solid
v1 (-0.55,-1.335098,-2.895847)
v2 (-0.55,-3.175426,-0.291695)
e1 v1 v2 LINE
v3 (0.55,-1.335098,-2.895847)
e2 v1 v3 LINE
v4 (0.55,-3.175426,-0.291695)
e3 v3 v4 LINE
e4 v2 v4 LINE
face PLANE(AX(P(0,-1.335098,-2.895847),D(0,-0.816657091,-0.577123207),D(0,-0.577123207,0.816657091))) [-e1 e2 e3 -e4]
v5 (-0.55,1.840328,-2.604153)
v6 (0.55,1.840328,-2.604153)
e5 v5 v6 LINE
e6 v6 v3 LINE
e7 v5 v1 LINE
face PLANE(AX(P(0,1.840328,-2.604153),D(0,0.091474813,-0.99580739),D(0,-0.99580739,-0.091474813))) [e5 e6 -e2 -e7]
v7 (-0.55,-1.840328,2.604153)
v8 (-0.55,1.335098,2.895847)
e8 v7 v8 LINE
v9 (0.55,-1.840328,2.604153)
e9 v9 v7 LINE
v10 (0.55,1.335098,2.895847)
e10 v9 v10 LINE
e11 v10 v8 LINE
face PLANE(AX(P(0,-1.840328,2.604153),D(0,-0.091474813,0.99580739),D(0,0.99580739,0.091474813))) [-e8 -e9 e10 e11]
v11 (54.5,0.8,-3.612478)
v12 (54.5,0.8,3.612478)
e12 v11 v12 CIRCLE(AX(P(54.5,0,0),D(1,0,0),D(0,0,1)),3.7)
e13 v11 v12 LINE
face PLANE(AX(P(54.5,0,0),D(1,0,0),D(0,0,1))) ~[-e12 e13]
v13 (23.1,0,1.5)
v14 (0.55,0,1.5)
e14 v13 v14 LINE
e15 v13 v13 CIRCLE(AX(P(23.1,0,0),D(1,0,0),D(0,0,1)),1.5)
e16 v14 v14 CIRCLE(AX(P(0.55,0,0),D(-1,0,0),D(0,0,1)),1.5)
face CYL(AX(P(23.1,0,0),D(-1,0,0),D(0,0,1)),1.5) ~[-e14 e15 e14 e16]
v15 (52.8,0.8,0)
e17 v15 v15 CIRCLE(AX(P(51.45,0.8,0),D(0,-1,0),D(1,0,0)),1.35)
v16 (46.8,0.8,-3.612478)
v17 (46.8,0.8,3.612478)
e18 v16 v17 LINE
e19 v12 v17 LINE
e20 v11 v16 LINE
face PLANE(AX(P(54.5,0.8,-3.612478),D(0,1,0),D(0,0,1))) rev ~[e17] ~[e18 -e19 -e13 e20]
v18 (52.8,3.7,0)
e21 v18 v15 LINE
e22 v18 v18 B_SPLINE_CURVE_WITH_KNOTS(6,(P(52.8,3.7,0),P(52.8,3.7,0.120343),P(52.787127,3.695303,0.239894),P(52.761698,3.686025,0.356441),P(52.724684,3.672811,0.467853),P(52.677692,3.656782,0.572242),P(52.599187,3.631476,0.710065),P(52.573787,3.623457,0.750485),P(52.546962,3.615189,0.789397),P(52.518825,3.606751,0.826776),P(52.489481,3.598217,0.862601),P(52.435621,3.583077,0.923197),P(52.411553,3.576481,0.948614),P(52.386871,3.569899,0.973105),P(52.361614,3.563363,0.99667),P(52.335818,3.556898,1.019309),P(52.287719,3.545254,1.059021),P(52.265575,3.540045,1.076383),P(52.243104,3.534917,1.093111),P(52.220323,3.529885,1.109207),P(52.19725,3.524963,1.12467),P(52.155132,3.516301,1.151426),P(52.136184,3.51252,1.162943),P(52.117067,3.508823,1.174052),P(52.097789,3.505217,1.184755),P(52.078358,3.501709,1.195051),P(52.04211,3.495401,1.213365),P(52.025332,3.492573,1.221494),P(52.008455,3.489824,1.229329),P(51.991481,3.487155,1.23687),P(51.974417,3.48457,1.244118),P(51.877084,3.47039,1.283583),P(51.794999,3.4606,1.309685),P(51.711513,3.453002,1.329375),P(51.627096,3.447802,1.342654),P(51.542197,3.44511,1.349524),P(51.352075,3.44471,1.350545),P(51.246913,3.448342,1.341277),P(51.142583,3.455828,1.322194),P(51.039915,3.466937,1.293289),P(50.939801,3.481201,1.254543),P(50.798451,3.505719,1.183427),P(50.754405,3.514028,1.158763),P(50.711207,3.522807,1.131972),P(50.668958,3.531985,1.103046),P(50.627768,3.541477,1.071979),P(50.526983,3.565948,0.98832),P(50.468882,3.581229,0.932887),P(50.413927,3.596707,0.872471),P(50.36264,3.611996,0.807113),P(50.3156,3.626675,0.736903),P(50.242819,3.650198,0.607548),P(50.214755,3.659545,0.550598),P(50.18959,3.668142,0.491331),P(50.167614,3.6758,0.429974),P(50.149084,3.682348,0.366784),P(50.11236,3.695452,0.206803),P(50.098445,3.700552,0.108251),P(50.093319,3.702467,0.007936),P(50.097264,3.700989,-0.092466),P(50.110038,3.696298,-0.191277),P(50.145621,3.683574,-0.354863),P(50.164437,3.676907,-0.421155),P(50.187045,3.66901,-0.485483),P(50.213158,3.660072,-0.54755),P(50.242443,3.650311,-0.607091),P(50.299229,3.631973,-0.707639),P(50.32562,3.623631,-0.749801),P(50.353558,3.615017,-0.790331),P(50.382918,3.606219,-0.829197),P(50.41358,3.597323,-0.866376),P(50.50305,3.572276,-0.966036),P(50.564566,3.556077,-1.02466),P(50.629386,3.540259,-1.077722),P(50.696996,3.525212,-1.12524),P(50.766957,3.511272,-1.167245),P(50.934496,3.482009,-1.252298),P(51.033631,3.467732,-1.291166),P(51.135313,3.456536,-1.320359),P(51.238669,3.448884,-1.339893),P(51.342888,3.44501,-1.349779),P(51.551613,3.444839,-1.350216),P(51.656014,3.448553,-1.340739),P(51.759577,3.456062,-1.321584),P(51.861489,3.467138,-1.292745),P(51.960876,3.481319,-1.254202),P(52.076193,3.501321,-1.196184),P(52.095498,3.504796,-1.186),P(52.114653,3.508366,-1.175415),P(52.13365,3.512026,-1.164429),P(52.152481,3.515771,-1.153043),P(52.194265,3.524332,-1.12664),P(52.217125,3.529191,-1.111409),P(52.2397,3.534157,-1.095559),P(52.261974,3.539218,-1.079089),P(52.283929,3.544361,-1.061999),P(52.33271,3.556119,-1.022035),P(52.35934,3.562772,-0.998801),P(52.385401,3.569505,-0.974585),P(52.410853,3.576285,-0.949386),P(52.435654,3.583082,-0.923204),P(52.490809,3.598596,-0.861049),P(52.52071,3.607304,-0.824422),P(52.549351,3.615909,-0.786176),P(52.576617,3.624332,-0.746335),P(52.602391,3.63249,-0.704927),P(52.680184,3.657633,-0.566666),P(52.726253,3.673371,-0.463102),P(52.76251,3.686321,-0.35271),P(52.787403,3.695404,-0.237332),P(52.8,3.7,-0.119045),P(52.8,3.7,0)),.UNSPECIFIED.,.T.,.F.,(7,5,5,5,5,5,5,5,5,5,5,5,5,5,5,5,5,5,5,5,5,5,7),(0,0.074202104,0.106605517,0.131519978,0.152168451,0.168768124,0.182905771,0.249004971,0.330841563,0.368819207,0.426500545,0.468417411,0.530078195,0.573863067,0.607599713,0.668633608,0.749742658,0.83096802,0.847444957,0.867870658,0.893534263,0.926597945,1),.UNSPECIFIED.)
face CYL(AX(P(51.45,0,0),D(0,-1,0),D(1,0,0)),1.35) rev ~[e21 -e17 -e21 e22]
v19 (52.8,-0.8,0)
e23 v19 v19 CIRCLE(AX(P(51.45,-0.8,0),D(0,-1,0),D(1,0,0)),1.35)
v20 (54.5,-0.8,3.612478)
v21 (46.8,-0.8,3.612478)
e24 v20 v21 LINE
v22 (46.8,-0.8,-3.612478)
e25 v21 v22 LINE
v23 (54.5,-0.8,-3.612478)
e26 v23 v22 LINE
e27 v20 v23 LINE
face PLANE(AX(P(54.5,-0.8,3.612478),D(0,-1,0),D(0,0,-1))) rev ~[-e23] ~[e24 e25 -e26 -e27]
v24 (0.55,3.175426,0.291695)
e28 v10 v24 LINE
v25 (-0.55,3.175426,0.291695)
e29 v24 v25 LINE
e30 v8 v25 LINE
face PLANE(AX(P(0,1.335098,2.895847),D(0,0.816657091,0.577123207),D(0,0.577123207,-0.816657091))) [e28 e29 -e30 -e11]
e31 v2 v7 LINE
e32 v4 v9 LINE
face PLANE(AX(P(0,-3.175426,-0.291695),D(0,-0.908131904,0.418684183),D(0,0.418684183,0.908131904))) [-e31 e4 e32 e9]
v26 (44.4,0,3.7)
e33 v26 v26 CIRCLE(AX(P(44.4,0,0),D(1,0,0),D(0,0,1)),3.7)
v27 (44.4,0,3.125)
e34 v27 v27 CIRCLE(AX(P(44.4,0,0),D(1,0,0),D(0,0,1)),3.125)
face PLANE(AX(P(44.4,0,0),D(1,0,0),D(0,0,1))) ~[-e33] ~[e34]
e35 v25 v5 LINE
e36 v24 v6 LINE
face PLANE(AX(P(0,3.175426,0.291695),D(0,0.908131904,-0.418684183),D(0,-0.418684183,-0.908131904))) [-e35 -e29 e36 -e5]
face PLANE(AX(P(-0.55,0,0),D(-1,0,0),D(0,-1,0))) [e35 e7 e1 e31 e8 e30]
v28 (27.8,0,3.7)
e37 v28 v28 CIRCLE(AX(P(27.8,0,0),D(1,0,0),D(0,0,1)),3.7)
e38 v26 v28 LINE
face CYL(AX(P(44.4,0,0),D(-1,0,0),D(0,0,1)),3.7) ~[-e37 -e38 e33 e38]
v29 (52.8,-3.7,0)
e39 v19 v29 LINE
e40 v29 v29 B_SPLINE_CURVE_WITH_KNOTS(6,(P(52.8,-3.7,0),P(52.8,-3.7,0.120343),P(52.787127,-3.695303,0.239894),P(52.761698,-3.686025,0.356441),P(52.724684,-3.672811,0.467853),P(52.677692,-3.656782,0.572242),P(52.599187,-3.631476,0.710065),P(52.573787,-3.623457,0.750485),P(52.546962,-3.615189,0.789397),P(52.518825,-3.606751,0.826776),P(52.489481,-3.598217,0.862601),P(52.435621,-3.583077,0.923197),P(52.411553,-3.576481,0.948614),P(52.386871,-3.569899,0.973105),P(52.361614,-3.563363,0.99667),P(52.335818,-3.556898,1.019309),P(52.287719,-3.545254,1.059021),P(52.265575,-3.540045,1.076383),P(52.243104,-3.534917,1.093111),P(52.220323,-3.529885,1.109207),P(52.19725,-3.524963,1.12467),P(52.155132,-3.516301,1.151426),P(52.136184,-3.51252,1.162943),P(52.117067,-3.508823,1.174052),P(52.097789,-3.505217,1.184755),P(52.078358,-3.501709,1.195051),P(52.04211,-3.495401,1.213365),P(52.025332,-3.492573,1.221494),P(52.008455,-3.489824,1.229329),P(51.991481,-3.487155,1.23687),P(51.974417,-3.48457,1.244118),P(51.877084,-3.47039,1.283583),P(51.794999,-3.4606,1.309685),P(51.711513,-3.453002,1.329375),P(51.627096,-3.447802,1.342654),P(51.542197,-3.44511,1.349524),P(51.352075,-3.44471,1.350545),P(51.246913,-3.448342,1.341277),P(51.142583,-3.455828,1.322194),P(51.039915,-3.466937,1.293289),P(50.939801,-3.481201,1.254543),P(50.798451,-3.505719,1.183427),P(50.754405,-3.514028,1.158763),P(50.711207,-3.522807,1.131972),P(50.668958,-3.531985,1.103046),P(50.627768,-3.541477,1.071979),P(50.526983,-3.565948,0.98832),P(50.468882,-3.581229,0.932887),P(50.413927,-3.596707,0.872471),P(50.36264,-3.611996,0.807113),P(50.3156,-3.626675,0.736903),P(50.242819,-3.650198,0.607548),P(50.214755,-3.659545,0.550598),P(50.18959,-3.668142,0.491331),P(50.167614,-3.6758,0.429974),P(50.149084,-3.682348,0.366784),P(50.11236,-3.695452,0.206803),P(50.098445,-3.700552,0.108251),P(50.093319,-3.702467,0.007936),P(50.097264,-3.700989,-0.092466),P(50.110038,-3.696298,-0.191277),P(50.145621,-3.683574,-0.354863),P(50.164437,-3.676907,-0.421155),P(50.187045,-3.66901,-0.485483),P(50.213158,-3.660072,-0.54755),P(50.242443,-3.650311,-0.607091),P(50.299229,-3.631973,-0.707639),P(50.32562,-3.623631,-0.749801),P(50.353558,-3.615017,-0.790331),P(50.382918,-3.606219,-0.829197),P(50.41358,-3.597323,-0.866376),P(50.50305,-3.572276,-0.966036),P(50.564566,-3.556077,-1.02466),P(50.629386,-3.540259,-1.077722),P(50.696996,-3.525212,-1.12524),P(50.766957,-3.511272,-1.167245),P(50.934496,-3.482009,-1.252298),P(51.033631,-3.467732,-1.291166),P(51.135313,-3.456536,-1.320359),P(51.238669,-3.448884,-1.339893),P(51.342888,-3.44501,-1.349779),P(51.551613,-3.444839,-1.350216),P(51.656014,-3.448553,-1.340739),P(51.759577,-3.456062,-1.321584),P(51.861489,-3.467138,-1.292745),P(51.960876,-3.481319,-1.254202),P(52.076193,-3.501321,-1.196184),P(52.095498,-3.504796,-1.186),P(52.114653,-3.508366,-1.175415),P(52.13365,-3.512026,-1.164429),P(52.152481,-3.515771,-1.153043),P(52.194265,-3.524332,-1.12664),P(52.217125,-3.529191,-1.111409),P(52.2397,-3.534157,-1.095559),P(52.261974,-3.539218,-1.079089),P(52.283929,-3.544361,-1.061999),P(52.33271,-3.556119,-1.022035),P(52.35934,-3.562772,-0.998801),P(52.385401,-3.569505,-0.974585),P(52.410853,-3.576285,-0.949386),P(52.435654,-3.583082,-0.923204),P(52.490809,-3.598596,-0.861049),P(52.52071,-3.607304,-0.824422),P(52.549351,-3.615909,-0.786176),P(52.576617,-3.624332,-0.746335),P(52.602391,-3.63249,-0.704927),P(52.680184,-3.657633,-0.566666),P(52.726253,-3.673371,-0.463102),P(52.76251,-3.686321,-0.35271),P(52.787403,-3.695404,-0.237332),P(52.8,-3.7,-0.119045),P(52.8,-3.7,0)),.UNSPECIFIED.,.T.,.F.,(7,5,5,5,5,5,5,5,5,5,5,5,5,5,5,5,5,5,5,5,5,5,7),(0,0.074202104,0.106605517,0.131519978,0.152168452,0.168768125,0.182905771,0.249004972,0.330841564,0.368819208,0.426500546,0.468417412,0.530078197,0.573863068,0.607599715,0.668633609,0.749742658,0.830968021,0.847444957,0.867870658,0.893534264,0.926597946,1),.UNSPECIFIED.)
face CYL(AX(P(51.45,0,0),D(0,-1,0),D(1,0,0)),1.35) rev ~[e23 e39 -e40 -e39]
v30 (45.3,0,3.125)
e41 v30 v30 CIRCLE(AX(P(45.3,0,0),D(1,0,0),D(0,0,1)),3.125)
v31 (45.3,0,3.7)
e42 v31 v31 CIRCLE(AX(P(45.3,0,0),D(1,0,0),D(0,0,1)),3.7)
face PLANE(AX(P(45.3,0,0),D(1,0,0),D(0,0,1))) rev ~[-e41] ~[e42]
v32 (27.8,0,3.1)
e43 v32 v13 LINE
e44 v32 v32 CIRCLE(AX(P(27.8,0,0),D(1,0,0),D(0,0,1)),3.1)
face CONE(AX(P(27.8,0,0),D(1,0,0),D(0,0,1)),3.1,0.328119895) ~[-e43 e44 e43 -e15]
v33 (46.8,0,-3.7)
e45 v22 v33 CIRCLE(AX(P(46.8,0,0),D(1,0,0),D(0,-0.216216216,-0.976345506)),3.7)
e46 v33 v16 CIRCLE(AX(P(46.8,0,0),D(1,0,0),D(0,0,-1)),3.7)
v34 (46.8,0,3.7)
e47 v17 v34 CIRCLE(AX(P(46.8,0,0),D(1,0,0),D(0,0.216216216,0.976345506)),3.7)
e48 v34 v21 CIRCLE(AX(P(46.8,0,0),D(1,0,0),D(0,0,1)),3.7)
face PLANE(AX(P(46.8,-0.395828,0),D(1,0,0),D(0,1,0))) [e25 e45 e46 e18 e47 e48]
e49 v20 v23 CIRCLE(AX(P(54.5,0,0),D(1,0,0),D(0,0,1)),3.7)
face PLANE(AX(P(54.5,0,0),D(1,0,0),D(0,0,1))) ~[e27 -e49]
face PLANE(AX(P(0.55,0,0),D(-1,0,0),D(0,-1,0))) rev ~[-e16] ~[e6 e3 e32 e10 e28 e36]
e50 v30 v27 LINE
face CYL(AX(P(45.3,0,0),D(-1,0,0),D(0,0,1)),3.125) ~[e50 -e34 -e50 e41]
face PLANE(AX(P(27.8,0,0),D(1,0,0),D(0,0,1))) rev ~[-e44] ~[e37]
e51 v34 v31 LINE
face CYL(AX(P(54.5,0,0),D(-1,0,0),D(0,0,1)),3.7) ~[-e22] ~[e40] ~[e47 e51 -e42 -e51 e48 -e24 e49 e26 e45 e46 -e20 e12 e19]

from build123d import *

# Parameters (mm, degrees)
F3_DEPTH = 7.7
F4_R     = 1.35
F5_DEPTH = 12.5
F7_DEPTH = 0.55


with BuildPart() as f1:
    # F0 (on Front) → F1 (revolve)
    with BuildSketch(Plane.XZ):
        Polygon((0, 1.5), (0, 0), (54.5, 0), (54.5, 3.7), (45.3, 3.7), (45.3, 3.125), (44.4, 3.125), (44.4, 3.7), (27.8, 3.7), (27.8, 3.1), (23.1, 1.5), align=None)
    revolve(axis=Axis((27.25, 0, 0), (1, 0, 0)))

    # F2 (on face) → F3 (cut)
    with BuildSketch(Plane.YZ.offset(54.5)):
        with BuildLine():
            Line((0, -3.7), (0, 0))
            Line((0, 0), (0, 3.7))
            ThreePointArc((0, 3.7), (-0.4023866409, 3.6780545117), (-0.8, 3.6124783736))
            Line((-0.8, 3.6124783736), (-0.8, -3.6124783736))
            ThreePointArc((-0.8, -3.6124783736), (-0.4023866409, -3.6780545117), (0, -3.7))
        make_face()
        with BuildLine():
            Line((0, 3.7), (0, 0))
            Line((0, 0), (0, -3.7))
            ThreePointArc((0, -3.7), (0.4023866409, -3.6780545117), (0.8, -3.6124783736))
            Line((0.8, -3.6124783736), (0.8, 3.6124783736))
            ThreePointArc((0.8, 3.6124783736), (0.4023866409, 3.6780545117), (0, 3.7))
        make_face()
    extrude(amount=-F3_DEPTH, mode=Mode.SUBTRACT)

    # F4 (on Front) → F5 (cut, symmetric)
    with BuildSketch(Plane.XZ):
        with Locations((51.45, 0)):
            Circle(F4_R)
    extrude(amount=F5_DEPTH, both=True, mode=Mode.SUBTRACT)

    # F6 (on face) → F7 (join, symmetric)
    with BuildSketch(Plane(origin=(0, 0, 0), x_dir=(0, -1, 0), z_dir=(-1, 0, 0))):
        Polygon((3.1754264805, -0.2916945049), (1.8403280916, 2.6041527476), (-1.3350983889, 2.8958472524), (-3.1754264805, 0.2916945049), (-1.8403280916, -2.6041527476), (1.3350983889, -2.8958472524), align=None)
    extrude(amount=F7_DEPTH, both=True)


solid = f1.part
